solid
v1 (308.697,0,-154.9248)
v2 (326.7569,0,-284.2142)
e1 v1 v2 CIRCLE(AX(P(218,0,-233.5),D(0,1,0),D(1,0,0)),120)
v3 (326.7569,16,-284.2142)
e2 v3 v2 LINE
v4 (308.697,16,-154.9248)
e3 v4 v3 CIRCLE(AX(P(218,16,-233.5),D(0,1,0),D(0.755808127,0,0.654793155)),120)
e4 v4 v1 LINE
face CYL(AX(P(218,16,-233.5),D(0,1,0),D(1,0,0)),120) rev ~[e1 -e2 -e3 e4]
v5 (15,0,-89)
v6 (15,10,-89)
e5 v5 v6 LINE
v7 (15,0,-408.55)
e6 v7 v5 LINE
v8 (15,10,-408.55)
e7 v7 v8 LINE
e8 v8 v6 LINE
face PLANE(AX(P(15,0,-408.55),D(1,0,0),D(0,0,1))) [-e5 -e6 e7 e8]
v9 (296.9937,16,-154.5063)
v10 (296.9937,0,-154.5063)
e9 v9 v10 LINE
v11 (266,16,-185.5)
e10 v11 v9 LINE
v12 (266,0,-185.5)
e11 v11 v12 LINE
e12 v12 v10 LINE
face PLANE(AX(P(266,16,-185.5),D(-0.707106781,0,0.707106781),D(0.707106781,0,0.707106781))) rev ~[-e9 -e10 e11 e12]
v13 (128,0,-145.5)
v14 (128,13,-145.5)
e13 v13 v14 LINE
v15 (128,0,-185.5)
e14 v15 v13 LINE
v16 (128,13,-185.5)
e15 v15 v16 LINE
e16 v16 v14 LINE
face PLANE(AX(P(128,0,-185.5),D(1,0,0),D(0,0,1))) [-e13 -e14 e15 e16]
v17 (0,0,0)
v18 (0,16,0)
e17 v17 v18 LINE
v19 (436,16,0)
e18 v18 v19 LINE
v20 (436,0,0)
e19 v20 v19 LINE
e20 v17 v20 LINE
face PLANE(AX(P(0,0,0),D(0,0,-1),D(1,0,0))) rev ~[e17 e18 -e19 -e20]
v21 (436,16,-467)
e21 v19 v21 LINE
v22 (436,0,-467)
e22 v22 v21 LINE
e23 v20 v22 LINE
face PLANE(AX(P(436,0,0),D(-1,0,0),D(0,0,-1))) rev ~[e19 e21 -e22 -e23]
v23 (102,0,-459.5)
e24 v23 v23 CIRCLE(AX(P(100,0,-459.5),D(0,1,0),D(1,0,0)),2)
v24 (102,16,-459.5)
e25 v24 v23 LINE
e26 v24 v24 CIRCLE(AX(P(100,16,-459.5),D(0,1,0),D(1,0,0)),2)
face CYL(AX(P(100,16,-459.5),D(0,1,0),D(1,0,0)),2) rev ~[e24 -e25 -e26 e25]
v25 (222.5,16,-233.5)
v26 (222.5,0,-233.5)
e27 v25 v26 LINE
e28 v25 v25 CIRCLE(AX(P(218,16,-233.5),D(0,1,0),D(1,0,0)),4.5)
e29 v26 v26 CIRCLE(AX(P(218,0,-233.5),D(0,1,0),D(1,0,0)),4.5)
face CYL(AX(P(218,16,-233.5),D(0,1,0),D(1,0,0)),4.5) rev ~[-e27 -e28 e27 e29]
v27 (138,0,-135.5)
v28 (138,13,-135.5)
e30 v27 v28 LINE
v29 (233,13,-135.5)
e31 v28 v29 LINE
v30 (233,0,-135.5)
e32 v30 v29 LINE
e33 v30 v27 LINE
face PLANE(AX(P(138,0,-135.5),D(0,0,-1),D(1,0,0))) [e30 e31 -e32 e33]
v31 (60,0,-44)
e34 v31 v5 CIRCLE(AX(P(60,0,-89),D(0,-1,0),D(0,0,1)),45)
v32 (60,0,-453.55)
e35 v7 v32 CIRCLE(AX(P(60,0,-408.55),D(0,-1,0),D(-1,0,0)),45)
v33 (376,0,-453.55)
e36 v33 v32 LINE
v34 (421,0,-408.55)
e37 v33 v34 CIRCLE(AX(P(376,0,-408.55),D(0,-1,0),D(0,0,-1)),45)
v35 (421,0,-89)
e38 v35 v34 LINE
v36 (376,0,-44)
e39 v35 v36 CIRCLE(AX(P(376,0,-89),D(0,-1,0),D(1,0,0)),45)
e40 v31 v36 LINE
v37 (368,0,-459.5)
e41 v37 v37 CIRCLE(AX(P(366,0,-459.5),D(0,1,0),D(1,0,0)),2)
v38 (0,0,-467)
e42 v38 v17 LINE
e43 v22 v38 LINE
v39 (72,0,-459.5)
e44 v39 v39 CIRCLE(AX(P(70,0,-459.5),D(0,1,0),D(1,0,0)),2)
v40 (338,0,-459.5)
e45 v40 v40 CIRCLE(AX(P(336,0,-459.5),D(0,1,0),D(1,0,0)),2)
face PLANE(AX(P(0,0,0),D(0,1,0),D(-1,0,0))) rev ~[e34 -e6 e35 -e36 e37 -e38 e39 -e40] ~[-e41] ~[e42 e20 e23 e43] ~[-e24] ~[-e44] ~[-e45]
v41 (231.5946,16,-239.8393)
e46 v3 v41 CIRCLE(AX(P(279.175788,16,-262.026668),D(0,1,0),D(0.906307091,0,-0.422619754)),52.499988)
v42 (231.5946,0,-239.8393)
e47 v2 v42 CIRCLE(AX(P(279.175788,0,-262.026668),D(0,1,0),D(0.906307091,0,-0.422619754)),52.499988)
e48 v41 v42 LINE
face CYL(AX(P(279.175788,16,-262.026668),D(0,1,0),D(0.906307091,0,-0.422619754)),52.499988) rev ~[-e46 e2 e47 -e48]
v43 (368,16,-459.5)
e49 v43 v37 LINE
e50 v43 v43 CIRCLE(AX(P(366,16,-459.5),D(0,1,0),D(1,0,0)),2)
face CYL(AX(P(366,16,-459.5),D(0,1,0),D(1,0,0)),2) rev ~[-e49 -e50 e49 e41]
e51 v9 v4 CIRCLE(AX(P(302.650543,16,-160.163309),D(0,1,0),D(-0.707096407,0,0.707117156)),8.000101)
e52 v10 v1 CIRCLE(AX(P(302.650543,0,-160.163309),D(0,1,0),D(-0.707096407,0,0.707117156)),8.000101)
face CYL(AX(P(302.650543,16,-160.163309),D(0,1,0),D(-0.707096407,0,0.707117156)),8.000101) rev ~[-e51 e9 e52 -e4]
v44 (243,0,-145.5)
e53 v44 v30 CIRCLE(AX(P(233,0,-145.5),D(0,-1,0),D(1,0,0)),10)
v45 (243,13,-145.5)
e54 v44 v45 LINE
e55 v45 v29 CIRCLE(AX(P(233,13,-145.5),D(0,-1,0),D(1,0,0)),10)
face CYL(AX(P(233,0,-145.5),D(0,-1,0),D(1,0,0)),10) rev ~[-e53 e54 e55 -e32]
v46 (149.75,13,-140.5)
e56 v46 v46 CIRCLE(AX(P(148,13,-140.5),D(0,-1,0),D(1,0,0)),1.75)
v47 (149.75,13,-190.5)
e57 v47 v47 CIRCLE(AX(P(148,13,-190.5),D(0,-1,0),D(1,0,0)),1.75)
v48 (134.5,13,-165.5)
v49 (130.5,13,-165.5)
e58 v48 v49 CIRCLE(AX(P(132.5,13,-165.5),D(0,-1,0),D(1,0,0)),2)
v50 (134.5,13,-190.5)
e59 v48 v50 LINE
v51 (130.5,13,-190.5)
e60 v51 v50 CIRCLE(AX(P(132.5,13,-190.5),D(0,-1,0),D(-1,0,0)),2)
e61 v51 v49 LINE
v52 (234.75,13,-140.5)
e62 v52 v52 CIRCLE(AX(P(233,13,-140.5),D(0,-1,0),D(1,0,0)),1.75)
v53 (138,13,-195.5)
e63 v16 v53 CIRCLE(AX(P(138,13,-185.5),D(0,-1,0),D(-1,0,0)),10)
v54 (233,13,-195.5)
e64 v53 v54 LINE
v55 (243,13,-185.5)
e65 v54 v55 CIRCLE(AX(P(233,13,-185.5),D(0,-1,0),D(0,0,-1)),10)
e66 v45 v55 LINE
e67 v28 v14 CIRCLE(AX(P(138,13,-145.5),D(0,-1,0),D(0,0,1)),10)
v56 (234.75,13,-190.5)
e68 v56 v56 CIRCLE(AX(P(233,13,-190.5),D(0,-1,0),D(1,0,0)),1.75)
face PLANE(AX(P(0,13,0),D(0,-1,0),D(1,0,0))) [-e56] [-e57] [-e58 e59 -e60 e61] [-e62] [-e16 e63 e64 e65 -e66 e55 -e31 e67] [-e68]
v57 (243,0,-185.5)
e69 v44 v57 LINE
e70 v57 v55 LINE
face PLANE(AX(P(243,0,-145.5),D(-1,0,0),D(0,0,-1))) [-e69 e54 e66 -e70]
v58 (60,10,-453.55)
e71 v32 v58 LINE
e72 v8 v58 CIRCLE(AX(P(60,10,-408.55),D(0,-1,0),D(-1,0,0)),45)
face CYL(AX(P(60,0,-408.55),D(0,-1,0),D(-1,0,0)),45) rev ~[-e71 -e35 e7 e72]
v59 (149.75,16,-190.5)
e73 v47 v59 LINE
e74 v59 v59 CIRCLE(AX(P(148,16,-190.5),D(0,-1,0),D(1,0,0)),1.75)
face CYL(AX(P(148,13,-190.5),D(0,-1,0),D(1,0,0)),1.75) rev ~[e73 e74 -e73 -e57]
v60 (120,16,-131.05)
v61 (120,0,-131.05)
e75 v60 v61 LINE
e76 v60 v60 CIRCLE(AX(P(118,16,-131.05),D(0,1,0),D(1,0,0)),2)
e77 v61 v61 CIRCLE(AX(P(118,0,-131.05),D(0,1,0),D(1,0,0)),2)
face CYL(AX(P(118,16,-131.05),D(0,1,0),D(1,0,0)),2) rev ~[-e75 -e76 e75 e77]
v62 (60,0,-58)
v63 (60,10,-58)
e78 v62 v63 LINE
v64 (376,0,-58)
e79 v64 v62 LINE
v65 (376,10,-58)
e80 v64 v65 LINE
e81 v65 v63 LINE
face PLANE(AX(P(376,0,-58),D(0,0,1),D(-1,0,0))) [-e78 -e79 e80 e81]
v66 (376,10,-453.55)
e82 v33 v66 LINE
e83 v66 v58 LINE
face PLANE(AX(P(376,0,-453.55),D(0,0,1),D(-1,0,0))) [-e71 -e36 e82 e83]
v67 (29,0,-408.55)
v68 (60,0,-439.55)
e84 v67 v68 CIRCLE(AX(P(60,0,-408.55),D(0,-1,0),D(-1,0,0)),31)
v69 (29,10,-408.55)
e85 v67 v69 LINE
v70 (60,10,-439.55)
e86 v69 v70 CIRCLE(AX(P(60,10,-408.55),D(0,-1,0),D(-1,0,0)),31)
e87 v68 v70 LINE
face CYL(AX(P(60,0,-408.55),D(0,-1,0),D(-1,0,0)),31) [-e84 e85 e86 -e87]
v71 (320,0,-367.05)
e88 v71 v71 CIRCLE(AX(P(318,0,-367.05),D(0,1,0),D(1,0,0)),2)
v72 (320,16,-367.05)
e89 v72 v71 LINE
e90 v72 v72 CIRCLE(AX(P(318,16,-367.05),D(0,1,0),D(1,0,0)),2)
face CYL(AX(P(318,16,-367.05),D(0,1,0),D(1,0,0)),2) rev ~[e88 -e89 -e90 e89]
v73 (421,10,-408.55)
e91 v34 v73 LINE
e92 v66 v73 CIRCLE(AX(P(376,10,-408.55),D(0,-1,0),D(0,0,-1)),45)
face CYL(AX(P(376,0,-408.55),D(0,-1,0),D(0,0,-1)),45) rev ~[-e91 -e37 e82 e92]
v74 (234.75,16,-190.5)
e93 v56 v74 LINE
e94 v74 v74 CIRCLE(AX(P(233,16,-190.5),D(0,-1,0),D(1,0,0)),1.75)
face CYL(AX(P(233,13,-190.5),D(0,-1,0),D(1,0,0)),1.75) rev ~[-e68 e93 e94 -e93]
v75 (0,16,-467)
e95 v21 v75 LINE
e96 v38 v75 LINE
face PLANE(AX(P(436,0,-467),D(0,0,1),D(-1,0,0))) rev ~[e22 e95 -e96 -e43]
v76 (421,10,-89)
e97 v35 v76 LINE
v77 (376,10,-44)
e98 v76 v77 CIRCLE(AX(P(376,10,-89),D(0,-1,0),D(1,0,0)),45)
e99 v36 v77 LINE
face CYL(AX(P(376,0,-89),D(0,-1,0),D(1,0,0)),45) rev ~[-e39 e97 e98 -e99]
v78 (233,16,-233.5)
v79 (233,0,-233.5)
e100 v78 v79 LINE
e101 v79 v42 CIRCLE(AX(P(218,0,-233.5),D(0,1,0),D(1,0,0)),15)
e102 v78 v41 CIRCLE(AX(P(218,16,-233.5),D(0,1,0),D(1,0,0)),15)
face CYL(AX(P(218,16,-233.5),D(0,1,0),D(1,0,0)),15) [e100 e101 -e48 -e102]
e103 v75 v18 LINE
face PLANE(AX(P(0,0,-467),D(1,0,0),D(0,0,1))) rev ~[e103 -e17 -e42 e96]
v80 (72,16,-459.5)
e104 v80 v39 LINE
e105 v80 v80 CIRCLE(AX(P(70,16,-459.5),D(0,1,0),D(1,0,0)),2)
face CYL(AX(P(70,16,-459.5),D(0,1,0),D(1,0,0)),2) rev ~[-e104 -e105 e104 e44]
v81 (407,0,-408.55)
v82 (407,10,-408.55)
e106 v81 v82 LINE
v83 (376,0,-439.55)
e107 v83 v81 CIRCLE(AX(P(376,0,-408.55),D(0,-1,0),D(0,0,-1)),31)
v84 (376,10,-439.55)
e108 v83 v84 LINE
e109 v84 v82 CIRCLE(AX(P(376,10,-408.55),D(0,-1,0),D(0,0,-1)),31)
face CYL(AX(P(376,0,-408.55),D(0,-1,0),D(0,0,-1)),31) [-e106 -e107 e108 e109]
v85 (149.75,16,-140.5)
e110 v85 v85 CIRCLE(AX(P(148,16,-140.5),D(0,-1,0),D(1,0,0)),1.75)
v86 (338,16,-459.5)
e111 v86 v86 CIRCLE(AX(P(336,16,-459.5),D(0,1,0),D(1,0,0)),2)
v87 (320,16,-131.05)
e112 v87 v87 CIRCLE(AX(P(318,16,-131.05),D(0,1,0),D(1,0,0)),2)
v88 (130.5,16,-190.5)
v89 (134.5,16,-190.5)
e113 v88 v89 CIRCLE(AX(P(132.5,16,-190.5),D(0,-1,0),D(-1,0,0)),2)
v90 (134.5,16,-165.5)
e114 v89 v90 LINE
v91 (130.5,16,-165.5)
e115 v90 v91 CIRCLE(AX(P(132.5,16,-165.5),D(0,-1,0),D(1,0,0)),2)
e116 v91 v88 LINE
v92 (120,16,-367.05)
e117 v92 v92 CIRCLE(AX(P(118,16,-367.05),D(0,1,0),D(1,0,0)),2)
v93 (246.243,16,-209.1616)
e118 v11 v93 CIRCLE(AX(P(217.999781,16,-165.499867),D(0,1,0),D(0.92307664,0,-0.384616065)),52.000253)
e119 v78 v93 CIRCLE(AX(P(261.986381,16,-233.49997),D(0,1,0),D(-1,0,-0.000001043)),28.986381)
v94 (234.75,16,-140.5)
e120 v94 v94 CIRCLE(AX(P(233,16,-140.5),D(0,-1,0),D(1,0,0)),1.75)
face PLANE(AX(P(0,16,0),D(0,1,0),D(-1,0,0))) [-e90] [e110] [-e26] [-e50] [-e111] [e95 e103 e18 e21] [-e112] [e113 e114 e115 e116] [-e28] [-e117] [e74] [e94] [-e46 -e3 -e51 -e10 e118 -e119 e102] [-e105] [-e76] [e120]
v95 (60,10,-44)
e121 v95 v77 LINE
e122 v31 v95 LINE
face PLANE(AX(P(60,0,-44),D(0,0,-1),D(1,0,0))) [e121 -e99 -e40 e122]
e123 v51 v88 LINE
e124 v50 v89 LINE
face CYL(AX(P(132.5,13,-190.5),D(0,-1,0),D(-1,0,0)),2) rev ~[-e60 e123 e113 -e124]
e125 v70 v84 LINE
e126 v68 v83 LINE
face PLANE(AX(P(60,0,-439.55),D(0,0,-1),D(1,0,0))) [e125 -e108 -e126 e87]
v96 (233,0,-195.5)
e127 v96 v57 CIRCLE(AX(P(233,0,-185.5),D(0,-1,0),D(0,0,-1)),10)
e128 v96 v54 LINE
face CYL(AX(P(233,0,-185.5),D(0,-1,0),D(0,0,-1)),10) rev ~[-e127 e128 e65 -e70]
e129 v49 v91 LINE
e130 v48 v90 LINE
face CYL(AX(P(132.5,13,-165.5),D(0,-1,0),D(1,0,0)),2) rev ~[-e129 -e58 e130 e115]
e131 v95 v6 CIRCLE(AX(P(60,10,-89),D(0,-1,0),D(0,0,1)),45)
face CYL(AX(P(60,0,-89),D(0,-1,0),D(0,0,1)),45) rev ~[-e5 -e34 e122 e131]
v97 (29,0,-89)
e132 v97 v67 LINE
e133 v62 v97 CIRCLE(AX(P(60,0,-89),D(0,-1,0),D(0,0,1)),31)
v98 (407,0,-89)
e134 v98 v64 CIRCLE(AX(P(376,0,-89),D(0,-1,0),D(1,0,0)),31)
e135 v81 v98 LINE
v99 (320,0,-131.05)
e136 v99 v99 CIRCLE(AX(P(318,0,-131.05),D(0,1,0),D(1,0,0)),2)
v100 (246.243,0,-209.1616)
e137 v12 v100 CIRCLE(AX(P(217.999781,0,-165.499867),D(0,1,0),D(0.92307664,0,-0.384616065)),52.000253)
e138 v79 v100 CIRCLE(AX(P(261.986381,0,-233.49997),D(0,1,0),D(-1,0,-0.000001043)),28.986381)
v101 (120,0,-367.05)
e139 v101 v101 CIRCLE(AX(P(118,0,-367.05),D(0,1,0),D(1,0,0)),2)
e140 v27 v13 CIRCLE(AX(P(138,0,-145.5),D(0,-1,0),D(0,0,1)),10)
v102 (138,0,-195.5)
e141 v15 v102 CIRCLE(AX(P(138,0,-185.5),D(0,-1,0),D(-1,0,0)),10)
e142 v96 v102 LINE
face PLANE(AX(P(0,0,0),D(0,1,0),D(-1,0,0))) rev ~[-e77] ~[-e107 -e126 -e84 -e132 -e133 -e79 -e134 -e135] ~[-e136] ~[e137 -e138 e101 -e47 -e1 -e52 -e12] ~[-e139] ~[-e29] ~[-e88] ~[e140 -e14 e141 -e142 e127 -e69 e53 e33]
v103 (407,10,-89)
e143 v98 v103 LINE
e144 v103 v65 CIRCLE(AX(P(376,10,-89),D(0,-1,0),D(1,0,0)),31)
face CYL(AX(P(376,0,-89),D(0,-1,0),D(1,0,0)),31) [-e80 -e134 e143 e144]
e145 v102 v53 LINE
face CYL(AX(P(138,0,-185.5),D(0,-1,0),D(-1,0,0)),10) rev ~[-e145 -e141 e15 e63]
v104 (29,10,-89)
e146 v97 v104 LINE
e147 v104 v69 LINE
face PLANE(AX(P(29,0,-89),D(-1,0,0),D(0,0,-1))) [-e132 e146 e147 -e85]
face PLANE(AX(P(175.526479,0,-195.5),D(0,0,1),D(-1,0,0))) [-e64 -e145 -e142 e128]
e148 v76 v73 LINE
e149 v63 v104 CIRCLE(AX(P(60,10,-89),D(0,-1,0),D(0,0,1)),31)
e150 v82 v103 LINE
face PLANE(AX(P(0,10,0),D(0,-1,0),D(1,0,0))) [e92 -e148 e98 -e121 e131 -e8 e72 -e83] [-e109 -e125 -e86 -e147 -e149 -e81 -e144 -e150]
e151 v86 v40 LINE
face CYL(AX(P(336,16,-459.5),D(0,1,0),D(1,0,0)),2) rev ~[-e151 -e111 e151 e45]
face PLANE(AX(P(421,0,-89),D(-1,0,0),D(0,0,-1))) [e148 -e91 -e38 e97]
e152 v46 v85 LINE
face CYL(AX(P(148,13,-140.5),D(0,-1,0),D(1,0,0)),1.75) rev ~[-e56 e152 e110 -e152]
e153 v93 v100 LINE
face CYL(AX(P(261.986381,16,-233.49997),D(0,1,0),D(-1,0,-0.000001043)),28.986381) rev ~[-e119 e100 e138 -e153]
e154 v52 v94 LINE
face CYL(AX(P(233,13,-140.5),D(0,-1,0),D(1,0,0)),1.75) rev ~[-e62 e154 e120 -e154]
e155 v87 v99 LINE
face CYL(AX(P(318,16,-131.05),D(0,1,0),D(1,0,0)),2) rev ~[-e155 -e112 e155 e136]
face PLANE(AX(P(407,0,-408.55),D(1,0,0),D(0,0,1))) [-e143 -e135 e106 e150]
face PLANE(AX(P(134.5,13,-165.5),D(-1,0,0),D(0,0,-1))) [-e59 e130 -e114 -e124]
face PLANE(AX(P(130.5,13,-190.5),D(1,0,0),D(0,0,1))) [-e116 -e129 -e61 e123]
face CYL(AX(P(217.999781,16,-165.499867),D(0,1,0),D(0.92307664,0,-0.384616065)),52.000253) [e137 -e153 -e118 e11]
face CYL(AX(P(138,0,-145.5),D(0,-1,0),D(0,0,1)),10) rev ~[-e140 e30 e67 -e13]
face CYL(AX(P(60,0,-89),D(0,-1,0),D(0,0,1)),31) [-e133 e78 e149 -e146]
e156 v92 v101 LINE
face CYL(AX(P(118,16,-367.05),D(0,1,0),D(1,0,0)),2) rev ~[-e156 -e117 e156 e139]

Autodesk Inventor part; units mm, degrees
ref_plane "YZ Plane" through (0, 0, 0) normal (1, 0, 0) x (0, 1, 0)
ref_plane "XZ Plane" through (0, 0, 0) normal (0, 1, 0) x (-1, 0, 0)
ref_plane "XY Plane" through (0, 0, 0) normal (0, 0, 1) x (1, 0, 0)
sketch "Sketch1" plane through (0, 0, 0) normal (0, 1, 0) x (-1, 0, 0)
  line L0 (0, 0) -> (-436, 0)
  line L1 (-436, 0) -> (-436, -467)
  line L2 (-436, -467) -> (0, -467)
  line L3 (0, -467) -> (0, 0)
  dimension "d0" = 436
  dimension "d1" = 467
extrude "Extrusion1" add sketch "Sketch1" along normal blind 16
sketch "Sketch2" plane through (0, 16, 0) normal (0, 1, 0) x (1, 0, 0)
  circle A0 centre (366, 459.5) radius 2
  line L0 (436, 467) -> (0, 467)
  circle A1 centre (336, 459.5) radius 2
  circle A2 centre (100, 459.5) radius 2
  circle A3 centre (70, 459.5) radius 2
  line L1 (436, 0) -> (436, 467) projected
  line L2 (0, 467) -> (0, 0) projected
  circle A4 centre (218, 233.5) radius 4.5
  circle A5 centre (118, 131.05) radius 2
  circle A6 centre (318, 131.05) radius 2
  circle A7 centre (118, 367.05) radius 2
  circle A8 centre (318, 367.05) radius 2
  line L3 (0, 0) -> (436, 0) projected
  line L4 (218, 218.5) -> (218, 165.5)
  line L5 (218, 233.5) -> (338, 233.5) construction
  arc A9 (266, 185.5) -> (246.243, 209.1616) centre (218, 165.5) ccw
  line L6 (266, 185.5) -> (302.8528, 148.6472)
  circle A10 centre (218, 233.5) radius 120
  line L7 (231.5946, 239.8393) -> (326.7569, 284.2142)
  circle A11 centre (218, 233.5) radius 15
  arc A12 (326.7569, 284.2142) -> (231.5946, 239.8393) centre (279.1758, 262.0267) ccw
  arc A13 (233, 233.5) -> (246.243, 209.1616) centre (261.9865, 233.5) ccw
  arc A14 (296.9937, 154.5063) -> (308.697, 154.9248) centre (302.6505, 160.1632) ccw
  point P0 (228.6066, 222.8934)
  dimension "d4" = 4
  dimension "d9" = 30
  dimension "d18" = 7.5
  dimension "d24" = 30
  dimension "d31" = 70
  dimension "d32" = 70
  dimension "d33" = 9
  dimension "d34" = 218
  dimension "d35" = 233.5
  dimension "d36" = 4
  dimension "d37" = 102.45
  dimension "d40" = 200
  dimension "d43" = 236
  dimension "d47" = 100
  dimension "d58" = 68
  dimension "d59" = 90
  dimension "d63" = 52
  dimension "d64" = 240
  dimension "d66" = 115
  dimension "d67" = 30
  dimension "d68" = 105
  dimension "d69" = 45
  dimension "d70" = 8
  dimension "d98" = 7.5
extrude "Extrusion2" cut sketch "Sketch2" against normal through all contours A0 | A1 | A3 | A4 | A5 | A6 | A7 | A8 | A9 A13 A11 L7 A10 A14 L6 | A12 L7
sketch "Sketch3" plane through (0, 0, 0) normal (0, -1, 0) x (1, 0, 0)
  circle A0 centre (218, -165.5) radius 52
  circle A1 centre (218, -233.5) radius 4.5 projected
  arc A2 (246.243, -209.1616) -> (266, -185.5) centre (218, -165.5) ccw projected
  line L0 (233, -195.5) -> (138, -195.5)
  line L1 (128, -185.5) -> (128, -145.5)
  line L2 (138, -135.5) -> (233, -135.5)
  line L3 (243, -145.5) -> (243, -185.5)
  arc A3 (138, -135.5) -> (128, -145.5) centre (138, -145.5) ccw
  arc A4 (128, -185.5) -> (138, -195.5) centre (138, -185.5) ccw
  arc A5 (233, -195.5) -> (243, -185.5) centre (233, -185.5) ccw
  arc A6 (243, -145.5) -> (233, -135.5) centre (233, -145.5) ccw
  point P0 (0, 0)
  point P1 (243, -195.5)
  point P2 (128, -135.5)
  point P3 (128, -195.5)
  point P4 (243, -135.5)
  dimension "d71" = 104
  dimension "d73" = 115
  dimension "d74" = 60
  dimension "d75" = 30
  dimension "d76" = 25
  dimension "d97" = 10
extrude "Extrusion3" cut sketch "Sketch3" against normal blind 13 contours L0 A4 L1 A3 L2 A0 | A0 L2 A6 L3 A5 L0 picked at (210.7335, -163.9792)
sketch "Sketch4" plane through (0, 13, 0) normal (0, -1, 0) x (1, 0, 0)
  line L0 (134.5, -165.5) -> (134.5, -190.5)
  line L1 (130.5, -190.5) -> (130.5, -165.5)
  arc A0 (130.5, -190.5) -> (134.5, -190.5) centre (132.5, -190.5) ccw
  arc A1 (134.5, -165.5) -> (130.5, -165.5) centre (132.5, -165.5) ccw
  line L2 (233, -195.5) -> (138, -195.5) projected
  line L3 (128, -185.5) -> (128, -145.5) projected
  circle A2 centre (148, -140.5) radius 1.75
  line L4 (138, -135.5) -> (233, -135.5) projected
  circle A3 centre (233, -140.5) radius 1.75
  circle A4 centre (148, -190.5) radius 1.75
  circle A5 centre (233, -190.5) radius 1.75
  point P0 (0, 0)
  point P1 (243, -195.5)
  point P2 (128, -195.5)
  point P3 (128, -135.5)
  point P4 (243, -135.5)
  dimension "d79" = 4
  dimension "d81" = 25
  dimension "d82" = 5
  dimension "d83" = 2.5
  dimension "d84" = 3.5
  dimension "d85" = 5
  dimension "d86" = 20
  dimension "d89" = 85
  dimension "d92" = 50
extrude "Extrusion4" cut sketch "Sketch4" against normal through all
sketch "Sketch5" plane through (0, 16, 0) normal (0, 1, 0) x (1, 0, 0)
  circle A0 centre (100, 459.5) radius 2
  circle A1 centre (70, 459.5) radius 2 projected
  point P0 (0, 0)
  dimension "d99" = 0
  dimension "d100" = 30
extrude "Extrusion5" cut sketch "Sketch5" against normal through all contours A0
sketch "Sketch6" plane through (0, 0, 0) normal (0, -1, 0) x (1, 0, 0)
  line L0 (376, -453.55) -> (60, -453.55)
  line L1 (15, -408.55) -> (15, -89)
  line L2 (60, -44) -> (376, -44)
  line L3 (421, -89) -> (421, -408.55)
  line L4 (0, -467) -> (0, 0) projected
  line L5 (436, 0) -> (436, -467) projected
  line L6 (0, 0) -> (436, 0) projected
  line L7 (436, -467) -> (0, -467) projected
  arc A0 (15, -408.55) -> (60, -453.55) centre (60, -408.55) ccw
  arc A1 (376, -453.55) -> (421, -408.55) centre (376, -408.55) ccw
  arc A2 (421, -89) -> (376, -44) centre (376, -89) ccw
  arc A3 (60, -44) -> (15, -89) centre (60, -89) ccw
  line L8 (60, -439.55) -> (376, -439.55)
  arc A4 (376, -439.55) -> (407, -408.55) centre (376, -408.55) ccw
  line L9 (407, -408.55) -> (407, -89)
  arc A5 (407, -89) -> (376, -58) centre (376, -89) ccw
  line L10 (376, -58) -> (60, -58)
  arc A6 (60, -58) -> (29, -89) centre (60, -89) ccw
  line L11 (29, -89) -> (29, -408.55)
  arc A7 (29, -408.55) -> (60, -439.55) centre (60, -408.55) ccw
  dimension "d104" = 15
  dimension "d105" = 15
  dimension "d106" = 44
  dimension "d107" = 13.45
  dimension "d108" = 45
  dimension "d109" = 14
extrude "Extrusion6" cut sketch "Sketch6" against normal blind 10 contours L0 A0 L1 A3 L2 A2 L3 A1
equation "\"d36\" = screws"
equation "\"screws\" = 4"
properties part number "bin_lid"
